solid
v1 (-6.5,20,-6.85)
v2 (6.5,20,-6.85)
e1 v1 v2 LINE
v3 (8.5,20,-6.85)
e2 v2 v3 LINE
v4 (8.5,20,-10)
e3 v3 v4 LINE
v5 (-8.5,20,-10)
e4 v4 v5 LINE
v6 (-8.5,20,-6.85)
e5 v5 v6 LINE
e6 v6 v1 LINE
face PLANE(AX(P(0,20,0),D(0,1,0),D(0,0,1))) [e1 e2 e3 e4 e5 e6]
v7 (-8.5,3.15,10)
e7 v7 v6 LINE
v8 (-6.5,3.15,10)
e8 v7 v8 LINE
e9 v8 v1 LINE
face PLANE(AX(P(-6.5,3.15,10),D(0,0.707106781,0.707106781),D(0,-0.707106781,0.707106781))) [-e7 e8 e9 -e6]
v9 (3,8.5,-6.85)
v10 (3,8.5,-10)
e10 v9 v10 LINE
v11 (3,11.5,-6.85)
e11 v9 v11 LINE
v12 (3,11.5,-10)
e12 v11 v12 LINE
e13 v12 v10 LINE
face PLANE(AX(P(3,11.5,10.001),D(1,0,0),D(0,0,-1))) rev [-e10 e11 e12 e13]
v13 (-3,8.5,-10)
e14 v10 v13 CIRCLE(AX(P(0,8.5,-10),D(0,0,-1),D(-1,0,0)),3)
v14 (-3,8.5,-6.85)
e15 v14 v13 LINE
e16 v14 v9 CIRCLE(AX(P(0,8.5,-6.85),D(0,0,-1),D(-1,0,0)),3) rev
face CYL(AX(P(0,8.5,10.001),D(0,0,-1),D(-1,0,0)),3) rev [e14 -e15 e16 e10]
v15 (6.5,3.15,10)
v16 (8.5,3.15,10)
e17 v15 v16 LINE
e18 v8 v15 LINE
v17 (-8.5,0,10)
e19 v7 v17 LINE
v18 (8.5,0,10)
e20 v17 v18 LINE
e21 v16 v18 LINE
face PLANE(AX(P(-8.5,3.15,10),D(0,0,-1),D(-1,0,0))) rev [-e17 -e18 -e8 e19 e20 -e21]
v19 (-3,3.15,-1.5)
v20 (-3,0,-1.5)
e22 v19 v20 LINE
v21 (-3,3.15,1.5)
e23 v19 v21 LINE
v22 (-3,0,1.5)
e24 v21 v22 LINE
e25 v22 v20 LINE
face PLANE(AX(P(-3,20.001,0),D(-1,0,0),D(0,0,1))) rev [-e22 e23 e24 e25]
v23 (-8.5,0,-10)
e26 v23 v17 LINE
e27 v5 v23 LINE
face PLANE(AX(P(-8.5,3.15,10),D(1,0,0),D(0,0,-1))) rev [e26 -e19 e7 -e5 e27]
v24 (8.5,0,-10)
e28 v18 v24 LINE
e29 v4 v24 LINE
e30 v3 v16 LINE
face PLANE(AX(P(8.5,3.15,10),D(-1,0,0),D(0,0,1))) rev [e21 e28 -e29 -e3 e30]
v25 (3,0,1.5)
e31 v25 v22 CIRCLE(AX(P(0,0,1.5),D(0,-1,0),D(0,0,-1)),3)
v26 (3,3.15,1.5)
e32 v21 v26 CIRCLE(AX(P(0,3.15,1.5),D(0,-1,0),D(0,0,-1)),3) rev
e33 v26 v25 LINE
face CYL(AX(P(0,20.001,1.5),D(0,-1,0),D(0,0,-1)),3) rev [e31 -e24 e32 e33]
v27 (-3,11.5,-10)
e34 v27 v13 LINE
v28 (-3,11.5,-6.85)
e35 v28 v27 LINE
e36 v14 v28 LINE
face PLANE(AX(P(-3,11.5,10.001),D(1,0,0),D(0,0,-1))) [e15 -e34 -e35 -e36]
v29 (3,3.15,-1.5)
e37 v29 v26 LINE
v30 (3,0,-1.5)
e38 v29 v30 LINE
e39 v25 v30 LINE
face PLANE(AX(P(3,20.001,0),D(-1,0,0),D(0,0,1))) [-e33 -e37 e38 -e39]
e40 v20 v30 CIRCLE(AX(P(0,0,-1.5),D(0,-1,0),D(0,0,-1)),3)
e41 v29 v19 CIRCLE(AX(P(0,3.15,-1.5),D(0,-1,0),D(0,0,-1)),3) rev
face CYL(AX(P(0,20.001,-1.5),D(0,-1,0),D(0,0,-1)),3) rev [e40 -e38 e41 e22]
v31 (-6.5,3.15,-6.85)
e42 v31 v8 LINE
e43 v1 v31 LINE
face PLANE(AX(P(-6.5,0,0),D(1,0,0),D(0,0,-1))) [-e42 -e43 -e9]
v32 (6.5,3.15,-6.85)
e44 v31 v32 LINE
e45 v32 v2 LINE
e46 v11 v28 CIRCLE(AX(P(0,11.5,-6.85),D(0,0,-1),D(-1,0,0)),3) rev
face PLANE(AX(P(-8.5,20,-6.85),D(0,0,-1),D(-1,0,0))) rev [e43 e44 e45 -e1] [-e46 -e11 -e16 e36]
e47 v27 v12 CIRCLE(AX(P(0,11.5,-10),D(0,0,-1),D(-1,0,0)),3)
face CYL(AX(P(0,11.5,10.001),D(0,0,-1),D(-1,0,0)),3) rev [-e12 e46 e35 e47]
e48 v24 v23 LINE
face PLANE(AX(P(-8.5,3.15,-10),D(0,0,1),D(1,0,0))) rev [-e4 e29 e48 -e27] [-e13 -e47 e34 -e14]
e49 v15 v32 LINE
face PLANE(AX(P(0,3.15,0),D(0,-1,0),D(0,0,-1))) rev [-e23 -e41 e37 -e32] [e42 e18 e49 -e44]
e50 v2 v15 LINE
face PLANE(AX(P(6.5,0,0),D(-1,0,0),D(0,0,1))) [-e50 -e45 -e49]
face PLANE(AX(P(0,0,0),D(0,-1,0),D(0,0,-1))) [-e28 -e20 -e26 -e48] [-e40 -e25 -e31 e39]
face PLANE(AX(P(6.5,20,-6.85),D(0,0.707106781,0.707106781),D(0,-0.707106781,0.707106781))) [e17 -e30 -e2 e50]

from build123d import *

# Parameters (mm, degrees)
SKETCH1_W           = 17
SKETCH1_H           = 20
BOSS_EXTRUDE1_DEPTH = 3.15
SKETCH2_W           = 17
SKETCH2_H           = 3.15
BOSS_EXTRUDE2_DEPTH = 16.85
CUT_EXTRUDE1_REACH  = 25.922
SKETCH3_R           = 3
CUT_EXTRUDE2_REACH  = 31.534
SKETCH4_R           = 3
SKETCH4_W           = 6
SKETCH4_H           = 3
BOSS_EXTRUDE3_DEPTH = 2
BOSS_EXTRUDE4_DEPTH = 2


with BuildPart() as part:
    # Sketch1 → Boss-Extrude1 (new body)
    with BuildSketch(Plane(origin=(0, 0, 0), x_dir=(1, 0, 0), z_dir=(0, 1, 0))):
        Rectangle(SKETCH1_W, SKETCH1_H)
    extrude(amount=BOSS_EXTRUDE1_DEPTH)

    # Sketch2 → Boss-Extrude2 (add)
    with BuildSketch(Plane(origin=(0, 3.15, 0), x_dir=(1, 0, 0), z_dir=(0, 1, 0))):
        with Locations((0, 8.425)):
            Rectangle(SKETCH2_W, SKETCH2_H)
    extrude(amount=BOSS_EXTRUDE2_DEPTH)

    # Sketch3 → Cut-Extrude1 (cut, up to next)
    with BuildSketch(Plane.XZ, mode=Mode.PRIVATE) as cut_extrude1_sk1:
        with BuildLine():
            ThreePointArc((-3, -1.5), (0, -4.5), (3, -1.5))
            Line((3, -1.5), (0, -1.5))
            Line((0, -1.5), (-3, -1.5))
        make_face()
    cut_extrude1_tool1 = extrude(cut_extrude1_sk1.sketch, amount=-CUT_EXTRUDE1_REACH, mode=Mode.PRIVATE) & part.part
    # Sketch3 → Cut-Extrude1 (cut, up to next)
    with BuildSketch(Plane.XZ, mode=Mode.PRIVATE) as cut_extrude1_sk2:
        with Locations((0, 1.5)):
            Circle(SKETCH3_R)
    cut_extrude1_tool2 = extrude(cut_extrude1_sk2.sketch, amount=-CUT_EXTRUDE1_REACH, mode=Mode.PRIVATE) & part.part
    # Sketch3 → Cut-Extrude1 (cut, up to next)
    with BuildSketch(Plane.XZ, mode=Mode.PRIVATE) as cut_extrude1_sk3:
        with Locations((0, -1.5)):
            Circle(SKETCH3_R)
    cut_extrude1_tool3 = extrude(cut_extrude1_sk3.sketch, amount=-CUT_EXTRUDE1_REACH, mode=Mode.PRIVATE) & part.part
    # Sketch3 → Cut-Extrude1 (cut, up to next)
    with BuildSketch(Plane.XZ, mode=Mode.PRIVATE) as cut_extrude1_sk4:
        with BuildLine():
            Line((0, -1.5), (3, -1.5))
            ThreePointArc((3, -1.5), (2.897777479, -0.723542865), (2.598076211, 0))
            ThreePointArc((2.598076211, 0), (1.5, -1.098076211), (0, -1.5))
        make_face()
    cut_extrude1_tool4 = extrude(cut_extrude1_sk4.sketch, amount=-CUT_EXTRUDE1_REACH, mode=Mode.PRIVATE) & part.part
    # Sketch3 → Cut-Extrude1 (cut, up to next)
    with BuildSketch(Plane.XZ, mode=Mode.PRIVATE) as cut_extrude1_sk5:
        with BuildLine():
            ThreePointArc((0, -1.5), (-1.5, -1.098076211), (-2.598076211, 0))
            ThreePointArc((-2.598076211, 0), (-2.897777479, -0.723542865), (-3, -1.5))
            Line((-3, -1.5), (0, -1.5))
        make_face()
    cut_extrude1_tool5 = extrude(cut_extrude1_sk5.sketch, amount=-CUT_EXTRUDE1_REACH, mode=Mode.PRIVATE) & part.part
    # Sketch3 → Cut-Extrude1 (cut, up to next)
    with BuildSketch(Plane.XZ, mode=Mode.PRIVATE) as cut_extrude1_sk6:
        with BuildLine():
            ThreePointArc((2.598076211, 0), (2.897777479, 0.723542865), (3, 1.5))
            Line((3, 1.5), (0, 1.5))
            ThreePointArc((0, 1.5), (1.5, 1.098076211), (2.598076211, 0))
        make_face()
    cut_extrude1_tool6 = extrude(cut_extrude1_sk6.sketch, amount=-CUT_EXTRUDE1_REACH, mode=Mode.PRIVATE) & part.part
    # Sketch3 → Cut-Extrude1 (cut, up to next)
    with BuildSketch(Plane.XZ, mode=Mode.PRIVATE) as cut_extrude1_sk7:
        with BuildLine():
            ThreePointArc((-2.598076211, 0), (-1.5, 1.098076211), (0, 1.5))
            Line((0, 1.5), (-3, 1.5))
            ThreePointArc((-3, 1.5), (-2.897777479, 0.723542865), (-2.598076211, 0))
        make_face()
    cut_extrude1_tool7 = extrude(cut_extrude1_sk7.sketch, amount=-CUT_EXTRUDE1_REACH, mode=Mode.PRIVATE) & part.part
    # Sketch3 → Cut-Extrude1 (cut, up to next)
    with BuildSketch(Plane.XZ, mode=Mode.PRIVATE) as cut_extrude1_sk8:
        with BuildLine():
            Line((3, -1.5), (3, 1.5))
            ThreePointArc((3, 1.5), (2.897777479, 0.723542865), (2.598076211, 0))
            ThreePointArc((2.598076211, 0), (2.897777479, -0.723542865), (3, -1.5))
        make_face()
    cut_extrude1_tool8 = extrude(cut_extrude1_sk8.sketch, amount=-CUT_EXTRUDE1_REACH, mode=Mode.PRIVATE) & part.part
    # Sketch3 → Cut-Extrude1 (cut, up to next)
    with BuildSketch(Plane.XZ, mode=Mode.PRIVATE) as cut_extrude1_sk9:
        with BuildLine():
            Line((0, 1.5), (3, 1.5))
            ThreePointArc((3, 1.5), (0, 4.5), (-3, 1.5))
            Line((-3, 1.5), (0, 1.5))
        make_face()
    cut_extrude1_tool9 = extrude(cut_extrude1_sk9.sketch, amount=-CUT_EXTRUDE1_REACH, mode=Mode.PRIVATE) & part.part
    # Sketch3 → Cut-Extrude1 (cut, up to next)
    with BuildSketch(Plane.XZ, mode=Mode.PRIVATE) as cut_extrude1_sk10:
        with BuildLine():
            Line((0, -1.5), (3, -1.5))
            ThreePointArc((3, -1.5), (2.897777479, -0.723542865), (2.598076211, 0))
            ThreePointArc((2.598076211, 0), (1.5, -1.098076211), (0, -1.5))
        make_face()
    cut_extrude1_tool10 = extrude(cut_extrude1_sk10.sketch, amount=-CUT_EXTRUDE1_REACH, mode=Mode.PRIVATE) & part.part
    # Sketch3 → Cut-Extrude1 (cut, up to next)
    with BuildSketch(Plane.XZ, mode=Mode.PRIVATE) as cut_extrude1_sk11:
        with BuildLine():
            ThreePointArc((0, -1.5), (-1.5, -1.098076211), (-2.598076211, 0))
            ThreePointArc((-2.598076211, 0), (-2.897777479, -0.723542865), (-3, -1.5))
            Line((-3, -1.5), (0, -1.5))
        make_face()
    cut_extrude1_tool11 = extrude(cut_extrude1_sk11.sketch, amount=-CUT_EXTRUDE1_REACH, mode=Mode.PRIVATE) & part.part
    # Sketch3 → Cut-Extrude1 (cut, up to next)
    with BuildSketch(Plane.XZ, mode=Mode.PRIVATE) as cut_extrude1_sk12:
        with BuildLine():
            ThreePointArc((-2.598076211, 0), (-2.897777479, 0.723542865), (-3, 1.5))
            Line((-3, 1.5), (-3, -1.5))
            ThreePointArc((-3, -1.5), (-2.897777479, -0.723542865), (-2.598076211, 0))
        make_face()
    cut_extrude1_tool12 = extrude(cut_extrude1_sk12.sketch, amount=-CUT_EXTRUDE1_REACH, mode=Mode.PRIVATE) & part.part
    # Sketch3 → Cut-Extrude1 (cut, up to next)
    with BuildSketch(Plane.XZ, mode=Mode.PRIVATE) as cut_extrude1_sk13:
        with BuildLine():
            ThreePointArc((2.598076211, 0), (2.897777479, 0.723542865), (3, 1.5))
            Line((3, 1.5), (0, 1.5))
            ThreePointArc((0, 1.5), (1.5, 1.098076211), (2.598076211, 0))
        make_face()
    cut_extrude1_tool13 = extrude(cut_extrude1_sk13.sketch, amount=-CUT_EXTRUDE1_REACH, mode=Mode.PRIVATE) & part.part
    # Sketch3 → Cut-Extrude1 (cut, up to next)
    with BuildSketch(Plane.XZ, mode=Mode.PRIVATE) as cut_extrude1_sk14:
        with BuildLine():
            ThreePointArc((-2.598076211, 0), (-1.5, 1.098076211), (0, 1.5))
            Line((0, 1.5), (-3, 1.5))
            ThreePointArc((-3, 1.5), (-2.897777479, 0.723542865), (-2.598076211, 0))
        make_face()
    cut_extrude1_tool14 = extrude(cut_extrude1_sk14.sketch, amount=-CUT_EXTRUDE1_REACH, mode=Mode.PRIVATE) & part.part
    add(cut_extrude1_tool1.solids().sort_by_distance((0, 0, -2.77324))[0], mode=Mode.SUBTRACT)
    add(cut_extrude1_tool2.solids().sort_by_distance((0, 0, 1.5))[0], mode=Mode.SUBTRACT)
    add(cut_extrude1_tool3.solids().sort_by_distance((0, 0, -1.5))[0], mode=Mode.SUBTRACT)
    add(cut_extrude1_tool4.solids().sort_by_distance((2.19025, 0, -1.040207))[0], mode=Mode.SUBTRACT)
    add(cut_extrude1_tool5.solids().sort_by_distance((-2.19025, 0, -1.040207))[0], mode=Mode.SUBTRACT)
    add(cut_extrude1_tool6.solids().sort_by_distance((2.19025, 0, 1.040207))[0], mode=Mode.SUBTRACT)
    add(cut_extrude1_tool7.solids().sort_by_distance((-2.19025, 0, 1.040207))[0], mode=Mode.SUBTRACT)
    add(cut_extrude1_tool8.solids().sort_by_distance((2.880946, 0, 0))[0], mode=Mode.SUBTRACT)
    add(cut_extrude1_tool9.solids().sort_by_distance((0, 0, 2.77324))[0], mode=Mode.SUBTRACT)
    add(cut_extrude1_tool10.solids().sort_by_distance((2.19025, 0, -1.040207))[0], mode=Mode.SUBTRACT)
    add(cut_extrude1_tool11.solids().sort_by_distance((-2.19025, 0, -1.040207))[0], mode=Mode.SUBTRACT)
    add(cut_extrude1_tool12.solids().sort_by_distance((-2.880946, 0, 0))[0], mode=Mode.SUBTRACT)
    add(cut_extrude1_tool13.solids().sort_by_distance((2.19025, 0, 1.040207))[0], mode=Mode.SUBTRACT)
    add(cut_extrude1_tool14.solids().sort_by_distance((-2.19025, 0, 1.040207))[0], mode=Mode.SUBTRACT)

    # Sketch4 → Cut-Extrude2 (cut, up to next)
    with BuildSketch(Plane(origin=(0, 0, -10), x_dir=(-1, 0, 0), z_dir=(0, 0, -1)), mode=Mode.PRIVATE) as cut_extrude2_sk1:
        with Locations((0, 8.5)):
            Circle(SKETCH4_R)
    cut_extrude2_tool1 = extrude(cut_extrude2_sk1.sketch, amount=-CUT_EXTRUDE2_REACH, mode=Mode.PRIVATE) & part.part
    # Sketch4 → Cut-Extrude2 (cut, up to next)
    with BuildSketch(Plane(origin=(0, 0, -10), x_dir=(-1, 0, 0), z_dir=(0, 0, -1)), mode=Mode.PRIVATE) as cut_extrude2_sk2:
        with Locations((0, 11.5)):
            Circle(SKETCH4_R)
    cut_extrude2_tool2 = extrude(cut_extrude2_sk2.sketch, amount=-CUT_EXTRUDE2_REACH, mode=Mode.PRIVATE) & part.part
    # Sketch4 → Cut-Extrude2 (cut, up to next)
    with BuildSketch(Plane(origin=(0, 0, -10), x_dir=(-1, 0, 0), z_dir=(0, 0, -1)), mode=Mode.PRIVATE) as cut_extrude2_sk3:
        with Locations((0, 10)):
            Rectangle(SKETCH4_W, SKETCH4_H)
    cut_extrude2_tool3 = extrude(cut_extrude2_sk3.sketch, amount=-CUT_EXTRUDE2_REACH, mode=Mode.PRIVATE) & part.part
    add(cut_extrude2_tool1.solids().sort_by_distance((0, 8.5, -10))[0], mode=Mode.SUBTRACT)
    add(cut_extrude2_tool2.solids().sort_by_distance((0, 11.5, -10))[0], mode=Mode.SUBTRACT)
    add(cut_extrude2_tool3.solids().sort_by_distance((0, 10, -10))[0], mode=Mode.SUBTRACT)

    # Sketch5 → Boss-Extrude3 (add)
    with BuildSketch(Plane(origin=(8.5, 0, 0), x_dir=(0, 0, -1), z_dir=(1, 0, 0))):
        Polygon((6.85, 20), (-10, 3.15), (6.85, 3.15), align=None)
    extrude(amount=-BOSS_EXTRUDE3_DEPTH)

    # Sketch6 → Boss-Extrude4 (add)
    with BuildSketch(Plane.ZY.offset(8.5)):
        Polygon((10, 3.15), (-6.85, 20), (-6.85, 3.15), align=None)
    extrude(amount=-BOSS_EXTRUDE4_DEPTH)


solid = part.part
